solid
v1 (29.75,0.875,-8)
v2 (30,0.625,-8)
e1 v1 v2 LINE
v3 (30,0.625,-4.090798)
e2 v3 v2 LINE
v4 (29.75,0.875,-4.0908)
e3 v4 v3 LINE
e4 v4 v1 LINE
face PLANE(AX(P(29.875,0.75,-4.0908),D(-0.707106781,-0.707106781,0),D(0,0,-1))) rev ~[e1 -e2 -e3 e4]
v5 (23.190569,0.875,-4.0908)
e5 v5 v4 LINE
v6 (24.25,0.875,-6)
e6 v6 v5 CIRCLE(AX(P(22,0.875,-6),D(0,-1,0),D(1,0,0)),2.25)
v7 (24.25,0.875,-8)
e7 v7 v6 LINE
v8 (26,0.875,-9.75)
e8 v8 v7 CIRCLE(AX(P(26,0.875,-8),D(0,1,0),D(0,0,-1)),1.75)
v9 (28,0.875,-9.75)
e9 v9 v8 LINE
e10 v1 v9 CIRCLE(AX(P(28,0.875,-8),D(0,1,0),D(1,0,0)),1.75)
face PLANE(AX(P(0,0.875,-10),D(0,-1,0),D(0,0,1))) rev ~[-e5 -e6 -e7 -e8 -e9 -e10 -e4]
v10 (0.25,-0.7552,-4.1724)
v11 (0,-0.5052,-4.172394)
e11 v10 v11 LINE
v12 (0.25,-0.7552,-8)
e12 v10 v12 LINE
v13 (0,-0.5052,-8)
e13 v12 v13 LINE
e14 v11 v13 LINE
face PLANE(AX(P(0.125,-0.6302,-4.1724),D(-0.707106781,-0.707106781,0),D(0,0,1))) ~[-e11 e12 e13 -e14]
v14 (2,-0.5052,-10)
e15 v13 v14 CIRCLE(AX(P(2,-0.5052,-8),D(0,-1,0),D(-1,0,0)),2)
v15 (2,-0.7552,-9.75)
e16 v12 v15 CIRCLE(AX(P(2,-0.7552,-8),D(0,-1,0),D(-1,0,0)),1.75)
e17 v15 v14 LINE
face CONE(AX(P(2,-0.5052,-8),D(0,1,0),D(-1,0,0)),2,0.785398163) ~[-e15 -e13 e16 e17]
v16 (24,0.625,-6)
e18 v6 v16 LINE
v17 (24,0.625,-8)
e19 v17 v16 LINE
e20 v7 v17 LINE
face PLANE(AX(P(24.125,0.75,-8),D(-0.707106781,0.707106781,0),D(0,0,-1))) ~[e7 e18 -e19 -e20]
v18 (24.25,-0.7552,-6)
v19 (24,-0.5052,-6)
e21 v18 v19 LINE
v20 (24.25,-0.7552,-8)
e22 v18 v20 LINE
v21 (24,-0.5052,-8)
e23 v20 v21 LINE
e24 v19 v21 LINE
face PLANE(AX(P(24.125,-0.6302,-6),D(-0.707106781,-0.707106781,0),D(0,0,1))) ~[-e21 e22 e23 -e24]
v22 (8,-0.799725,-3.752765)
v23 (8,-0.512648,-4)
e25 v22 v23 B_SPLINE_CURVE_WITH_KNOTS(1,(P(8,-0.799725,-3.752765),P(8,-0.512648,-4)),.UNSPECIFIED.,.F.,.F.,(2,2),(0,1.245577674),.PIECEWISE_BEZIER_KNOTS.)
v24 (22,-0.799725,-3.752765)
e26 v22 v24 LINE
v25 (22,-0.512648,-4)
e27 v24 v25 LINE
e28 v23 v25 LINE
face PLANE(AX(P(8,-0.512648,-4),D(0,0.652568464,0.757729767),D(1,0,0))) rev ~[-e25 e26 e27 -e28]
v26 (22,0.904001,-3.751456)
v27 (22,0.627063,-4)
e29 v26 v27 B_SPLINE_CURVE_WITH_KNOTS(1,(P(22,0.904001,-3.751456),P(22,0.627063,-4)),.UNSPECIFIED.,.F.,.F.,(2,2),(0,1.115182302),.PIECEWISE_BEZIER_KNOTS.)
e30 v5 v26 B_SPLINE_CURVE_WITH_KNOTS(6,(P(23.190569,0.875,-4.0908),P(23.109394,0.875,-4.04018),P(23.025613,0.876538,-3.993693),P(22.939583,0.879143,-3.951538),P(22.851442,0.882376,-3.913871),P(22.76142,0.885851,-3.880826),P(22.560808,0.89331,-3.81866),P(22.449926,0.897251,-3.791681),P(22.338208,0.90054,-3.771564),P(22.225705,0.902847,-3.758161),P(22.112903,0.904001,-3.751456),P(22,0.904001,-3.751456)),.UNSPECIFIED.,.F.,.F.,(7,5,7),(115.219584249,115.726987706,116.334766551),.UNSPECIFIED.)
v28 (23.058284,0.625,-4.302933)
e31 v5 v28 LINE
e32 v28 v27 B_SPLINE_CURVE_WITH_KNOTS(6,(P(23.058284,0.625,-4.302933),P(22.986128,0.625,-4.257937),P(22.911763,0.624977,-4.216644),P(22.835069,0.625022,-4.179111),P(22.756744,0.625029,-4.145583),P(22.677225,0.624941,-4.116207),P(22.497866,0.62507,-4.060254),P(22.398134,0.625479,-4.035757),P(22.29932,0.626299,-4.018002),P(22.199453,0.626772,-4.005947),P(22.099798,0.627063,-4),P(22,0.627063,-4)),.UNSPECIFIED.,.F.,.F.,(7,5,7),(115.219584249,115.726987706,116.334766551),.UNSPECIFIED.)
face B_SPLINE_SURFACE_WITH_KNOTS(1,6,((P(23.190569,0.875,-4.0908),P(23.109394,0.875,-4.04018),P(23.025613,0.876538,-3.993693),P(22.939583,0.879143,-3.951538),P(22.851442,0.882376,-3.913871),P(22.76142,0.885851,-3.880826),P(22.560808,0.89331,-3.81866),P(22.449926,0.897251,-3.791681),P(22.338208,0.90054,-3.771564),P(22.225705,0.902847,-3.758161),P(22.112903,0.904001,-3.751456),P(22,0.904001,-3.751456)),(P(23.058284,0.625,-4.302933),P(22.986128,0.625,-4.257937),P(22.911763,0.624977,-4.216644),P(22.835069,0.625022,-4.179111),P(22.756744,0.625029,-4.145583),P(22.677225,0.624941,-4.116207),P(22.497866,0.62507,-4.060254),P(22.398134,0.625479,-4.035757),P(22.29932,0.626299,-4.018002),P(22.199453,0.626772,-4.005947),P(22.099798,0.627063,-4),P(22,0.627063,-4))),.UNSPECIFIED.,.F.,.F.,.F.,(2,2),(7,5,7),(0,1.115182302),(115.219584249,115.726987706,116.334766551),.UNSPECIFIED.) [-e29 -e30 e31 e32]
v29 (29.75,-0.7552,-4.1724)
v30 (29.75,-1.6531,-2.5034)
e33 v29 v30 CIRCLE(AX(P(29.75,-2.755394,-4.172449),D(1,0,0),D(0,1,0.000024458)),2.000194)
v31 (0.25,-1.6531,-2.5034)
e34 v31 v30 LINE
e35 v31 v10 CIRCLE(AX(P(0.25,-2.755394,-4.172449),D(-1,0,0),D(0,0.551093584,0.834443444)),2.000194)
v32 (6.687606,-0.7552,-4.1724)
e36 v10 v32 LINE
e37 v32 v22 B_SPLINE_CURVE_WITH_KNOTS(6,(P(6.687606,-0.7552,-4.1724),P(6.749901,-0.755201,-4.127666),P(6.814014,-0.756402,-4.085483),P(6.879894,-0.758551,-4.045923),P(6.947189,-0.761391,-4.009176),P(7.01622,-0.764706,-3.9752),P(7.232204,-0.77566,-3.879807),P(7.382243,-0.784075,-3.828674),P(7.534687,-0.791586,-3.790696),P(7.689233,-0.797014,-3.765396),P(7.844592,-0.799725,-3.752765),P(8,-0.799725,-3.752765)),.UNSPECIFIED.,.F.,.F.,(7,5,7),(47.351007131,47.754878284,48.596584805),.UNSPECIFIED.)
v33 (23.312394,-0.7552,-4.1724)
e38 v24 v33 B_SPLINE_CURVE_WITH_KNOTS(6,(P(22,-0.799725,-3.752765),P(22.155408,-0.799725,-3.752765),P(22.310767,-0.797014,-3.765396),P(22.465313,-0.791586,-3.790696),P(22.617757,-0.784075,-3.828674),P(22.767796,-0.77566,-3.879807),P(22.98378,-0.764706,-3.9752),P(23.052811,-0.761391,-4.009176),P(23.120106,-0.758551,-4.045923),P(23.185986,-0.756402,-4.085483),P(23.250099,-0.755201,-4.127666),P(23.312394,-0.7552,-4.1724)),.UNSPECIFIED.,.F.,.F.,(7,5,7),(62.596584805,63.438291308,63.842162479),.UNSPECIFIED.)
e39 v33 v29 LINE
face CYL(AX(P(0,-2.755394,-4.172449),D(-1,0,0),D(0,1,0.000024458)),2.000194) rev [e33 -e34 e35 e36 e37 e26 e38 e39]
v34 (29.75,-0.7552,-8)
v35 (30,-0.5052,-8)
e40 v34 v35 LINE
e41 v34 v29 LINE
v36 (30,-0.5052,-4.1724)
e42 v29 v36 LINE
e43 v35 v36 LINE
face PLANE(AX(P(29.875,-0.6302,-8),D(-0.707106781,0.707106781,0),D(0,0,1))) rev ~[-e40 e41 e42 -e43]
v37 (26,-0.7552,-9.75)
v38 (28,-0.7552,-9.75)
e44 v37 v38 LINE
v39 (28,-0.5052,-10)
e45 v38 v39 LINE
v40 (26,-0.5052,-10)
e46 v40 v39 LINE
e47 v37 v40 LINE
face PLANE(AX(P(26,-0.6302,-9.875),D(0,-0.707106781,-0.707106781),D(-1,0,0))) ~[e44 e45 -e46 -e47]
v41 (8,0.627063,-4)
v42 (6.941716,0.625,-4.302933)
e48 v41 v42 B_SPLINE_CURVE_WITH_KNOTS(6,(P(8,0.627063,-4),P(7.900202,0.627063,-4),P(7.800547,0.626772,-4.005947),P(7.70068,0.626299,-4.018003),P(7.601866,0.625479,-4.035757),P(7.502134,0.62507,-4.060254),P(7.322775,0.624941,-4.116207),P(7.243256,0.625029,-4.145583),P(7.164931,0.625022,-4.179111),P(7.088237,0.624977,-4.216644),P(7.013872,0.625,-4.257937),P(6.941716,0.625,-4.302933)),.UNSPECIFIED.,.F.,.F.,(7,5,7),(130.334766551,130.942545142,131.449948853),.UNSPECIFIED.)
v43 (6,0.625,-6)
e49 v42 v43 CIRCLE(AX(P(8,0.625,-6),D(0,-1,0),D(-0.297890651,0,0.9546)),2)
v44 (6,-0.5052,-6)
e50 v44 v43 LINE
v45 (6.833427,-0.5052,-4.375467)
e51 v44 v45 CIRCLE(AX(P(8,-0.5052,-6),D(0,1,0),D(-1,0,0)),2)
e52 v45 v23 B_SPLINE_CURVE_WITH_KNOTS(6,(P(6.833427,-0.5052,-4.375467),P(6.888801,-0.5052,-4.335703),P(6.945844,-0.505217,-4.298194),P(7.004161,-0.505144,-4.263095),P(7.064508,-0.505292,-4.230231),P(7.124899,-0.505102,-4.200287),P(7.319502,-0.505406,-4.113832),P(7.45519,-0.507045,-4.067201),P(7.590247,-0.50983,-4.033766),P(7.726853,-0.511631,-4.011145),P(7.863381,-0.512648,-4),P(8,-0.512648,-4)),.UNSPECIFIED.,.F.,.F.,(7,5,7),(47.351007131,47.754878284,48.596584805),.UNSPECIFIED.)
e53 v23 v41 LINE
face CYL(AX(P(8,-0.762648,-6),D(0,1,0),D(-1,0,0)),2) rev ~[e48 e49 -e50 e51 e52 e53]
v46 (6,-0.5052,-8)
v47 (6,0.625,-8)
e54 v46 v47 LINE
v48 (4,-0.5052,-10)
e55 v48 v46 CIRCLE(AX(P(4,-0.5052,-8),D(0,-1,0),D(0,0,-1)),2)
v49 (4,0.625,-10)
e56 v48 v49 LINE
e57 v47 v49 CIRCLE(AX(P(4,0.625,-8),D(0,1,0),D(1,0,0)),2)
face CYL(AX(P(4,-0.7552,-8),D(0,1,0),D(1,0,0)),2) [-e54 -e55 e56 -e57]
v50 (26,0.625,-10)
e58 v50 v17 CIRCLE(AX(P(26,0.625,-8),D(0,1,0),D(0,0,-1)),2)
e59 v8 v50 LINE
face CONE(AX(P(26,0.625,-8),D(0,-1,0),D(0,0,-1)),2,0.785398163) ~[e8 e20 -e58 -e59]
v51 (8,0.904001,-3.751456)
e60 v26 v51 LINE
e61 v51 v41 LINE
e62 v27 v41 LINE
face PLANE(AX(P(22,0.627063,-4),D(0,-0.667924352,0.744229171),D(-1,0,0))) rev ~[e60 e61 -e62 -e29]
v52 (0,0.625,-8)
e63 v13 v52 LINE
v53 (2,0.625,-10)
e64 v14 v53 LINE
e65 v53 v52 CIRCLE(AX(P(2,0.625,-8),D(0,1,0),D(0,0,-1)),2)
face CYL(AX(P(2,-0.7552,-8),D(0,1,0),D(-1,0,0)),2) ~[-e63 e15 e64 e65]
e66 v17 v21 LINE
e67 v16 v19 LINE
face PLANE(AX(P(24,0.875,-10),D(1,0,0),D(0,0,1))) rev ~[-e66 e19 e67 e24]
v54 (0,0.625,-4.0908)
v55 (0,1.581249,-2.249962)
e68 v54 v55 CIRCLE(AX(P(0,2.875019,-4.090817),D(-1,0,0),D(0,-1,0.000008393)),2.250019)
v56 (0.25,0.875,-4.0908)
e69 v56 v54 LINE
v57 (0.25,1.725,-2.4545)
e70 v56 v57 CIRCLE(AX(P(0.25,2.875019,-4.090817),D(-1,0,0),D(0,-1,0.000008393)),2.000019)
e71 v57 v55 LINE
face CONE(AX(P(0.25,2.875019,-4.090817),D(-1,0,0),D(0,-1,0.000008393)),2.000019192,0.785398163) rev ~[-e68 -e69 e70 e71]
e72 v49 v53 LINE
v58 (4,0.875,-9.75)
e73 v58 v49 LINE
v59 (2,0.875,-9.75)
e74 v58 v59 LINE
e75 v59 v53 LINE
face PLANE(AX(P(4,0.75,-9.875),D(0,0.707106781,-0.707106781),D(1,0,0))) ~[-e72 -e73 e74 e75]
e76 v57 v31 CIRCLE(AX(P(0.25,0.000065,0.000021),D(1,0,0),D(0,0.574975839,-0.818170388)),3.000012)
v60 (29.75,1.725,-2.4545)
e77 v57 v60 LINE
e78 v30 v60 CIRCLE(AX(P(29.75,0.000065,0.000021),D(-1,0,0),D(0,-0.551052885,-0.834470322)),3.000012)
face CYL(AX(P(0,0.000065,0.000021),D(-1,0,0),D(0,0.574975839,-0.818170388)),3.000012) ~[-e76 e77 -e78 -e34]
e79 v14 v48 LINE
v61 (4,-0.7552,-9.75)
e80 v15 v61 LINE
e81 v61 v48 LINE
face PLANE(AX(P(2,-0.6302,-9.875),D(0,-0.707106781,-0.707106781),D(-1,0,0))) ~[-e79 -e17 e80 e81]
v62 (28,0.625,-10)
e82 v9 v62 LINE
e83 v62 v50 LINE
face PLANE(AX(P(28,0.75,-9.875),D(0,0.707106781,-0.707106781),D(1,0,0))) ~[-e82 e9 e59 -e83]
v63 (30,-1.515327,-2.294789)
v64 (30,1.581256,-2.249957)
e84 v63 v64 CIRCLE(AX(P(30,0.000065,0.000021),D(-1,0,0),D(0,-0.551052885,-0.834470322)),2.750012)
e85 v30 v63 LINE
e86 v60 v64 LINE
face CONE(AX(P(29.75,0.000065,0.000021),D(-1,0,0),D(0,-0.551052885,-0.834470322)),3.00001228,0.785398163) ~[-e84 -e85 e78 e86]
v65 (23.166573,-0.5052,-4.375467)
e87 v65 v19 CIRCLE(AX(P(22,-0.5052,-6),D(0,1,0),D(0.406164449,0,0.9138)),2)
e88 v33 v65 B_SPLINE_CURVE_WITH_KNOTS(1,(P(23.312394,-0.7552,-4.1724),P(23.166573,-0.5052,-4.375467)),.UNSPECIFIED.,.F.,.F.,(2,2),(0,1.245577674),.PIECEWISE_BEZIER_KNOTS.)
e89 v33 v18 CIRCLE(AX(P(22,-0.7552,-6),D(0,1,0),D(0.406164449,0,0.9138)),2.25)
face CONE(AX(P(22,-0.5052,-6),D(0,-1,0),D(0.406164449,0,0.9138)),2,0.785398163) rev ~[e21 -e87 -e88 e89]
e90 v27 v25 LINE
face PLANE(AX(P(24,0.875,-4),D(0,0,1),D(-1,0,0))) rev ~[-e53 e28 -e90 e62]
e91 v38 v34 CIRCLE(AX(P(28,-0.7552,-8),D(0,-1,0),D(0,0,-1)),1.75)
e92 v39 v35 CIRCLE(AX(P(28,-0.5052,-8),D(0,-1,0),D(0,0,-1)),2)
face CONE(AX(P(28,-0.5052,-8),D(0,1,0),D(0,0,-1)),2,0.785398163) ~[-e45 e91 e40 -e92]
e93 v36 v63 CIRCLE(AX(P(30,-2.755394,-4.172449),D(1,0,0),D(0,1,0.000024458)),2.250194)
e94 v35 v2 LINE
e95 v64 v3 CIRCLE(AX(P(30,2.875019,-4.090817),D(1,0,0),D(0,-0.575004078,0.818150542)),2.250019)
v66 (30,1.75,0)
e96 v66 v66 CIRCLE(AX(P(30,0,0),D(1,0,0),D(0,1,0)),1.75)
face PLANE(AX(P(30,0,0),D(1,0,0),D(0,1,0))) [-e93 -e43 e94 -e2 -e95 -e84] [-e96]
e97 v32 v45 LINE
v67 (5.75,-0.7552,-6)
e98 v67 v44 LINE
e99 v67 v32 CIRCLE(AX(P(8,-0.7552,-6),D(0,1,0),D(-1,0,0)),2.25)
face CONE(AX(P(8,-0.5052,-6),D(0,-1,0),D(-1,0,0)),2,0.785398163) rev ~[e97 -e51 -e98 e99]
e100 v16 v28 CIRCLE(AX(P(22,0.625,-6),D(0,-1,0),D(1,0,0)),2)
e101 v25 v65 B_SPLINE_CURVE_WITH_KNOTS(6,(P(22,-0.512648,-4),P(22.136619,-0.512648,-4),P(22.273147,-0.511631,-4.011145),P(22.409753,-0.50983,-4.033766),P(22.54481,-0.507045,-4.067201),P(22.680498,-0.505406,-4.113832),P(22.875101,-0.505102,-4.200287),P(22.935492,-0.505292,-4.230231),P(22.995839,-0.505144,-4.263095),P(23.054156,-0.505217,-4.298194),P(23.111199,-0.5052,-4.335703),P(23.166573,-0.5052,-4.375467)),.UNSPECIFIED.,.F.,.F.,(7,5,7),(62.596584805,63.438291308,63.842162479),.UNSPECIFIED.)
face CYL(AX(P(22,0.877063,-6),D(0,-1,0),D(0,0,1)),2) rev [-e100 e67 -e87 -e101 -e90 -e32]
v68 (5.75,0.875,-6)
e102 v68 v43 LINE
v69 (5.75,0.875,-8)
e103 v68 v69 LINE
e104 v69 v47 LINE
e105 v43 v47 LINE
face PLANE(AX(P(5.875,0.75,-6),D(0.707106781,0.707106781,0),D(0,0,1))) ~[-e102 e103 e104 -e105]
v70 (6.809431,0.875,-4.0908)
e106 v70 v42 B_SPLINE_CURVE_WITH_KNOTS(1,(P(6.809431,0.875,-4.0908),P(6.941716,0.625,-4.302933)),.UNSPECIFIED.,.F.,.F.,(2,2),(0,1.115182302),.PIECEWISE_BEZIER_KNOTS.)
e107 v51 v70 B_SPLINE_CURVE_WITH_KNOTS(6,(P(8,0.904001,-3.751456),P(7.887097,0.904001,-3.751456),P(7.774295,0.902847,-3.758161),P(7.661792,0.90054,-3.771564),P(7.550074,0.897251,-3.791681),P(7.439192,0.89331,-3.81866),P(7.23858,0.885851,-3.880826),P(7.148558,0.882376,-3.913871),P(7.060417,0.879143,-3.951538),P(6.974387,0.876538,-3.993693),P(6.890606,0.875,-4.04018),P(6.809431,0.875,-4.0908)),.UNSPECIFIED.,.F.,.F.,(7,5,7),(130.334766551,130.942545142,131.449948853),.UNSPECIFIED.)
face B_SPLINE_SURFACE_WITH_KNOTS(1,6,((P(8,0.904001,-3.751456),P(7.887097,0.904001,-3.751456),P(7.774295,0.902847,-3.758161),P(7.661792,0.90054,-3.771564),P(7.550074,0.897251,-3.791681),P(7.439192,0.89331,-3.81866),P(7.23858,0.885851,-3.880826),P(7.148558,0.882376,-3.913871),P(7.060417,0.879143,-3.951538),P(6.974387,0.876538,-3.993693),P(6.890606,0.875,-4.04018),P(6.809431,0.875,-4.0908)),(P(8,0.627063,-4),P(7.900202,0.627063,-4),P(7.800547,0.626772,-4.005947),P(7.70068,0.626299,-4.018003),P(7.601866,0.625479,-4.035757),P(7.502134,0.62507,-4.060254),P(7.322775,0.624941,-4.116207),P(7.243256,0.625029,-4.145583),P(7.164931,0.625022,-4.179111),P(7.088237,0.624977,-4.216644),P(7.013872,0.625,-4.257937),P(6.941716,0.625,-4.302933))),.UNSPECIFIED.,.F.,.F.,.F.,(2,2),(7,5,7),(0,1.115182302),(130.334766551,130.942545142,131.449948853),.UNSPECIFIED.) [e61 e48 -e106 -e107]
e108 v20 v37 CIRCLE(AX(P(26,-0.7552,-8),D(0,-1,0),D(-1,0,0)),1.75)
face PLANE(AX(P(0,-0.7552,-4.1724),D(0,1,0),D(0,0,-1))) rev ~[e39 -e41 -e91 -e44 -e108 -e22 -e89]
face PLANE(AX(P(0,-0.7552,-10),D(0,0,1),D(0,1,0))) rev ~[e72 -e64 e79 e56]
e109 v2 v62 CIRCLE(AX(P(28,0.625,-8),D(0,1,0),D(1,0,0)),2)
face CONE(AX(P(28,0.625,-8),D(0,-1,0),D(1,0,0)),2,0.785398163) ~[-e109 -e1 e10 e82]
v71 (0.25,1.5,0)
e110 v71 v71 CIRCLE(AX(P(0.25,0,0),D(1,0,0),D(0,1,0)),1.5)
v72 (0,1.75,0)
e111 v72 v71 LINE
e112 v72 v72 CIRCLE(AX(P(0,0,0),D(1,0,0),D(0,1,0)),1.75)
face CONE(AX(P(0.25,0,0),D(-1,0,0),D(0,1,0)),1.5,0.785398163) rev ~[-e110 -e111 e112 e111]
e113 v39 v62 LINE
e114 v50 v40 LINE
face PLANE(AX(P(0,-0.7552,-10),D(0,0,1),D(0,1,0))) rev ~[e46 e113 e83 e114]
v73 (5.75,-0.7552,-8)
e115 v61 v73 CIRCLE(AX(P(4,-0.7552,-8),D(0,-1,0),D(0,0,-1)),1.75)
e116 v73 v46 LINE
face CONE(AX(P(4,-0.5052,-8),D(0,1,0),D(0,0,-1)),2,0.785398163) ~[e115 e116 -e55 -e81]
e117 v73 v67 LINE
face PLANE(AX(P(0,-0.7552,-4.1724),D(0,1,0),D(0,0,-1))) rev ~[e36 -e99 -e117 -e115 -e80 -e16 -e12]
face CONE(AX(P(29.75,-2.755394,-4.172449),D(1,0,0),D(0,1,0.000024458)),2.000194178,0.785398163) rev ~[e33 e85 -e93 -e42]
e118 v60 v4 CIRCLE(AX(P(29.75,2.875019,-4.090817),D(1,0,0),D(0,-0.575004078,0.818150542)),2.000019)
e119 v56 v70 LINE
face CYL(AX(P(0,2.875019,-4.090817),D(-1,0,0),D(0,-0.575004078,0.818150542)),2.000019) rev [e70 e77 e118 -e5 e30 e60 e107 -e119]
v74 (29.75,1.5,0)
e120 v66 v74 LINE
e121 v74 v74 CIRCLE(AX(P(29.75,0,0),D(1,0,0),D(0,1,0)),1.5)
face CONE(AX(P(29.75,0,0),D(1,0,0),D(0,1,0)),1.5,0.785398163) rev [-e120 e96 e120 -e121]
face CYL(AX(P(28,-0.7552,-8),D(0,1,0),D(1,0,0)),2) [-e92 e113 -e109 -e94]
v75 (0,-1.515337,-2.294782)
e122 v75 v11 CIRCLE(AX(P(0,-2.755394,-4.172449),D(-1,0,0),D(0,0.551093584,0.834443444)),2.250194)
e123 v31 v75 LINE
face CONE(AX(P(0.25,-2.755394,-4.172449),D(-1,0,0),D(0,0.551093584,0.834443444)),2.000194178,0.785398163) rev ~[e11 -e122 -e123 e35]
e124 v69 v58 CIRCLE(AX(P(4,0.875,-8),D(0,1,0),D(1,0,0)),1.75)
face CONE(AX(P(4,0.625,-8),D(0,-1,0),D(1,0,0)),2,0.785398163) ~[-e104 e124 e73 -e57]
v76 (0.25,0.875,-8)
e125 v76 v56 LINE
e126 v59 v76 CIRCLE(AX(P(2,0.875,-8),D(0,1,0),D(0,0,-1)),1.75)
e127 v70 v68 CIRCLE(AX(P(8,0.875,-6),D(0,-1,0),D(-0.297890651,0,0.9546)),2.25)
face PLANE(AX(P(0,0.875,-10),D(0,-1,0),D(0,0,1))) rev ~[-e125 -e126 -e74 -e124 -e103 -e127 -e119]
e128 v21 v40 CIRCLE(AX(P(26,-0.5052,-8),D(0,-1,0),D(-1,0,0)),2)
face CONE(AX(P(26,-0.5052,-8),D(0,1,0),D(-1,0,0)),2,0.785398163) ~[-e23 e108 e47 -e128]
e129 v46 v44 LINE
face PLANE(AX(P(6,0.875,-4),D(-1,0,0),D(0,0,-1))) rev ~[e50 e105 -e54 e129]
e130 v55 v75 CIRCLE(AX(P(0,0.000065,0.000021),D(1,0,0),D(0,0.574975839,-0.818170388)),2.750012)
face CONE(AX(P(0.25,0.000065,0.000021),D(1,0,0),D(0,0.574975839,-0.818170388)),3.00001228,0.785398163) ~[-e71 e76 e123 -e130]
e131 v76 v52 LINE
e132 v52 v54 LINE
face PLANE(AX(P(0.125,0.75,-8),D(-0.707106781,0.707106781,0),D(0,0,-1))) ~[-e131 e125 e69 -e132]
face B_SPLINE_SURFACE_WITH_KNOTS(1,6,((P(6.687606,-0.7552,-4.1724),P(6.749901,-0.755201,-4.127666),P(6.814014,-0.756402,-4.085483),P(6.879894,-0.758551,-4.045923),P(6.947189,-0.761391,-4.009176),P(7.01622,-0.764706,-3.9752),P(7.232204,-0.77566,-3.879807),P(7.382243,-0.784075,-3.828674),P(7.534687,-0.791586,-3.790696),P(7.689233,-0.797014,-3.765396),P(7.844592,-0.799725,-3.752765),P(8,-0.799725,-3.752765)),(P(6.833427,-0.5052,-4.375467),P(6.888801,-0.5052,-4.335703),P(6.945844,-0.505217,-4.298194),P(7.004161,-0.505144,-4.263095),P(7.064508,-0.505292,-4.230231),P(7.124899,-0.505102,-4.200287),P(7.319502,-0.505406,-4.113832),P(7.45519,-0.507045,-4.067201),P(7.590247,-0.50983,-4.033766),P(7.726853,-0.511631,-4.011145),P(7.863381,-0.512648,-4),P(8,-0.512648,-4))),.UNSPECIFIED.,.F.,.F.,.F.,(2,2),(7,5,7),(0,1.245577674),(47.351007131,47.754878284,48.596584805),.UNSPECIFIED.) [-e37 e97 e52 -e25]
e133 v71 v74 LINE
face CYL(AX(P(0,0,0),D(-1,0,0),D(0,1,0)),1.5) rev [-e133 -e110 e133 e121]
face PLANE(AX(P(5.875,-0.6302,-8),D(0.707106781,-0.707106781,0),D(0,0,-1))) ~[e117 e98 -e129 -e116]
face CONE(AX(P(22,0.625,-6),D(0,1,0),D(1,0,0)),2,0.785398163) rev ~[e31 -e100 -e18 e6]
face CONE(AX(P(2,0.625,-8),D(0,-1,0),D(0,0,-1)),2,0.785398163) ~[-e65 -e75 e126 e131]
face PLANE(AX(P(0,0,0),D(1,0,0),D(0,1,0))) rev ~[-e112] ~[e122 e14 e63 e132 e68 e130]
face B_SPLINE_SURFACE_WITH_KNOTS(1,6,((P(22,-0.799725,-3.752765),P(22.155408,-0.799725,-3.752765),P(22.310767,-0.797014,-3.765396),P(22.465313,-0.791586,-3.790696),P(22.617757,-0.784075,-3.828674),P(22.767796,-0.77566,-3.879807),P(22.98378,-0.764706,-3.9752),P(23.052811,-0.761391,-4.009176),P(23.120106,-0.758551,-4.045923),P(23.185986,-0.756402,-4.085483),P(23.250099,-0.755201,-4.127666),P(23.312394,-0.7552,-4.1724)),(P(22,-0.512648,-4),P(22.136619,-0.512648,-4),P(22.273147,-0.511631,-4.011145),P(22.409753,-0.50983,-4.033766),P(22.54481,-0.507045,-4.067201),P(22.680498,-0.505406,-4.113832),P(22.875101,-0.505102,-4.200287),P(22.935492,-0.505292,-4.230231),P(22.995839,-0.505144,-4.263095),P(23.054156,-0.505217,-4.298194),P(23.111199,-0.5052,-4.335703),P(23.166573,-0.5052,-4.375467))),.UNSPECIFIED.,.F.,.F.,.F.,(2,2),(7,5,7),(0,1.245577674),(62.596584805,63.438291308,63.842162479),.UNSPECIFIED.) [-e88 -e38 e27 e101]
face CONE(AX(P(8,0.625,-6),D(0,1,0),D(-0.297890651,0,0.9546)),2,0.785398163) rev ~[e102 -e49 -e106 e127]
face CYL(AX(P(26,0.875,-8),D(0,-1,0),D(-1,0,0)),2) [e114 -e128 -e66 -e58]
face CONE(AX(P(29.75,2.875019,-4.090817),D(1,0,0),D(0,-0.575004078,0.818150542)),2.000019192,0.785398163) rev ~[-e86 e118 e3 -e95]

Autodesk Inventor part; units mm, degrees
ref_plane "YZ Plane" through (0, 0, 0) normal (1, 0, 0) x (0, 1, 0)
ref_plane "XZ Plane" through (0, 0, 0) normal (0, 1, 0) x (-1, 0, 0)
ref_plane "XY Plane" through (0, 0, 0) normal (0, 0, 1) x (1, 0, 0)
sketch "Sketch3" plane through (0, 0, 0) normal (1, 0, 0) x (0, 1, 0)
  circle A0 centre (0, 0) radius 1.5
  arc A1 (1.725, -2.4545) -> (-1.6531, -2.5034) centre (0, 0) ccw
  line L0 (-0.7552, -4.1724) -> (-0.7552, -10)
  line L1 (-0.7552, -10) -> (0.875, -10)
  line L2 (0.875, -10) -> (0.875, -4.0908)
  arc A2 (1.725, -2.4545) -> (0.875, -4.0908) centre (2.875, -4.0908) ccw
  arc A3 (-0.7552, -4.1724) -> (-1.6531, -2.5034) centre (-2.7552, -4.1724) ccw
  dimension "d4" = 3
  dimension "d5" = 6
  dimension "d7" = 2
extrude "Extrusion2" add sketch "Sketch3" along normal blind 30
sketch "Sketch5" plane through (0, 0.875, -4.0908) normal (0, 1, 0) x (1, 0, 0)
  line L0 (0, 5.9092) -> (30, 5.9092) projected
  line L1 (6, 5.9092) -> (24, 5.9092)
  line L2 (24, 5.9092) -> (24, -0.0908)
  line L3 (24, -0.0908) -> (6, -0.0908)
  line L4 (6, -0.0908) -> (6, 5.9092)
  line L5 (0, 5.9092) -> (0, 0) projected
  point P0 (0, -4.0908)
  dimension "d18" = 6
  dimension "d19" = 30
  dimension "d20" = 6
  dimension "d21" = 18
extrude "Extrusion3" cut sketch "Sketch5" along normal blind 0.5 and the other way blind 2
fillet "Fillet1" radius 2 6 edges at (6, 0.0599, -10) (24, 0.0599, -10) (30, 0.0599, -10) (0, 0.0599, -10) (24, 0.0572, -4) (6, 0.0572, -4)
chamfer "Chamfer2" distance 0.25 angle 45 38 edges at (5.4142, 0.875, -9.4142) (6, 0.875, -7) (6.3889, 0.875, -4.815) (7.6998, 0.8762, -4.0227) (15, 0.8771, -4) (22.3002, 0.8762, -4.0227) (23.6111, 0.875, -4.815) (24, 0.875, -7) (24.5858, 0.875, -9.4142) (27, 0.875, -10) (29.4142, 0.875, -9.4142) (30, 0.875, -6.0454) (30, 1.1002, -3.1688) (30, -0.0435, 2.9997) (30, -0.9939, -3.2248) (30, -0.7552, -6.0862) (29.4142, -0.7552, -9.4142) (27, -0.7552, -10) (24.5858, -0.7552, -9.4142) (24, -0.7552, -7) (23.677, -0.7552, -4.9102) (22.4123, -0.7594, -4.043) (15, -0.7626, -4) (7.5877, -0.7594, -4.043) (6.323, -0.7552, -4.9102) (6, -0.7552, -7) (5.4142, -0.7552, -9.4142) (3, -0.7552, -10) (0.5858, -0.7552, -9.4142) (0, -0.7552, -6.0862) (0, -0.9939, -3.2248) (0, -0.0435, 2.9997) (0, 1.1002, -3.1688) (0, 0.875, -6.0454) (0.5858, 0.875, -9.4142) (3, 0.875, -10) (30, -1.5, 0) (0, -1.5, 0)
equation "\"d20\" = -0.5 * d21 + 0.5 * d19"
properties part number "CoinLockUpperRow"
